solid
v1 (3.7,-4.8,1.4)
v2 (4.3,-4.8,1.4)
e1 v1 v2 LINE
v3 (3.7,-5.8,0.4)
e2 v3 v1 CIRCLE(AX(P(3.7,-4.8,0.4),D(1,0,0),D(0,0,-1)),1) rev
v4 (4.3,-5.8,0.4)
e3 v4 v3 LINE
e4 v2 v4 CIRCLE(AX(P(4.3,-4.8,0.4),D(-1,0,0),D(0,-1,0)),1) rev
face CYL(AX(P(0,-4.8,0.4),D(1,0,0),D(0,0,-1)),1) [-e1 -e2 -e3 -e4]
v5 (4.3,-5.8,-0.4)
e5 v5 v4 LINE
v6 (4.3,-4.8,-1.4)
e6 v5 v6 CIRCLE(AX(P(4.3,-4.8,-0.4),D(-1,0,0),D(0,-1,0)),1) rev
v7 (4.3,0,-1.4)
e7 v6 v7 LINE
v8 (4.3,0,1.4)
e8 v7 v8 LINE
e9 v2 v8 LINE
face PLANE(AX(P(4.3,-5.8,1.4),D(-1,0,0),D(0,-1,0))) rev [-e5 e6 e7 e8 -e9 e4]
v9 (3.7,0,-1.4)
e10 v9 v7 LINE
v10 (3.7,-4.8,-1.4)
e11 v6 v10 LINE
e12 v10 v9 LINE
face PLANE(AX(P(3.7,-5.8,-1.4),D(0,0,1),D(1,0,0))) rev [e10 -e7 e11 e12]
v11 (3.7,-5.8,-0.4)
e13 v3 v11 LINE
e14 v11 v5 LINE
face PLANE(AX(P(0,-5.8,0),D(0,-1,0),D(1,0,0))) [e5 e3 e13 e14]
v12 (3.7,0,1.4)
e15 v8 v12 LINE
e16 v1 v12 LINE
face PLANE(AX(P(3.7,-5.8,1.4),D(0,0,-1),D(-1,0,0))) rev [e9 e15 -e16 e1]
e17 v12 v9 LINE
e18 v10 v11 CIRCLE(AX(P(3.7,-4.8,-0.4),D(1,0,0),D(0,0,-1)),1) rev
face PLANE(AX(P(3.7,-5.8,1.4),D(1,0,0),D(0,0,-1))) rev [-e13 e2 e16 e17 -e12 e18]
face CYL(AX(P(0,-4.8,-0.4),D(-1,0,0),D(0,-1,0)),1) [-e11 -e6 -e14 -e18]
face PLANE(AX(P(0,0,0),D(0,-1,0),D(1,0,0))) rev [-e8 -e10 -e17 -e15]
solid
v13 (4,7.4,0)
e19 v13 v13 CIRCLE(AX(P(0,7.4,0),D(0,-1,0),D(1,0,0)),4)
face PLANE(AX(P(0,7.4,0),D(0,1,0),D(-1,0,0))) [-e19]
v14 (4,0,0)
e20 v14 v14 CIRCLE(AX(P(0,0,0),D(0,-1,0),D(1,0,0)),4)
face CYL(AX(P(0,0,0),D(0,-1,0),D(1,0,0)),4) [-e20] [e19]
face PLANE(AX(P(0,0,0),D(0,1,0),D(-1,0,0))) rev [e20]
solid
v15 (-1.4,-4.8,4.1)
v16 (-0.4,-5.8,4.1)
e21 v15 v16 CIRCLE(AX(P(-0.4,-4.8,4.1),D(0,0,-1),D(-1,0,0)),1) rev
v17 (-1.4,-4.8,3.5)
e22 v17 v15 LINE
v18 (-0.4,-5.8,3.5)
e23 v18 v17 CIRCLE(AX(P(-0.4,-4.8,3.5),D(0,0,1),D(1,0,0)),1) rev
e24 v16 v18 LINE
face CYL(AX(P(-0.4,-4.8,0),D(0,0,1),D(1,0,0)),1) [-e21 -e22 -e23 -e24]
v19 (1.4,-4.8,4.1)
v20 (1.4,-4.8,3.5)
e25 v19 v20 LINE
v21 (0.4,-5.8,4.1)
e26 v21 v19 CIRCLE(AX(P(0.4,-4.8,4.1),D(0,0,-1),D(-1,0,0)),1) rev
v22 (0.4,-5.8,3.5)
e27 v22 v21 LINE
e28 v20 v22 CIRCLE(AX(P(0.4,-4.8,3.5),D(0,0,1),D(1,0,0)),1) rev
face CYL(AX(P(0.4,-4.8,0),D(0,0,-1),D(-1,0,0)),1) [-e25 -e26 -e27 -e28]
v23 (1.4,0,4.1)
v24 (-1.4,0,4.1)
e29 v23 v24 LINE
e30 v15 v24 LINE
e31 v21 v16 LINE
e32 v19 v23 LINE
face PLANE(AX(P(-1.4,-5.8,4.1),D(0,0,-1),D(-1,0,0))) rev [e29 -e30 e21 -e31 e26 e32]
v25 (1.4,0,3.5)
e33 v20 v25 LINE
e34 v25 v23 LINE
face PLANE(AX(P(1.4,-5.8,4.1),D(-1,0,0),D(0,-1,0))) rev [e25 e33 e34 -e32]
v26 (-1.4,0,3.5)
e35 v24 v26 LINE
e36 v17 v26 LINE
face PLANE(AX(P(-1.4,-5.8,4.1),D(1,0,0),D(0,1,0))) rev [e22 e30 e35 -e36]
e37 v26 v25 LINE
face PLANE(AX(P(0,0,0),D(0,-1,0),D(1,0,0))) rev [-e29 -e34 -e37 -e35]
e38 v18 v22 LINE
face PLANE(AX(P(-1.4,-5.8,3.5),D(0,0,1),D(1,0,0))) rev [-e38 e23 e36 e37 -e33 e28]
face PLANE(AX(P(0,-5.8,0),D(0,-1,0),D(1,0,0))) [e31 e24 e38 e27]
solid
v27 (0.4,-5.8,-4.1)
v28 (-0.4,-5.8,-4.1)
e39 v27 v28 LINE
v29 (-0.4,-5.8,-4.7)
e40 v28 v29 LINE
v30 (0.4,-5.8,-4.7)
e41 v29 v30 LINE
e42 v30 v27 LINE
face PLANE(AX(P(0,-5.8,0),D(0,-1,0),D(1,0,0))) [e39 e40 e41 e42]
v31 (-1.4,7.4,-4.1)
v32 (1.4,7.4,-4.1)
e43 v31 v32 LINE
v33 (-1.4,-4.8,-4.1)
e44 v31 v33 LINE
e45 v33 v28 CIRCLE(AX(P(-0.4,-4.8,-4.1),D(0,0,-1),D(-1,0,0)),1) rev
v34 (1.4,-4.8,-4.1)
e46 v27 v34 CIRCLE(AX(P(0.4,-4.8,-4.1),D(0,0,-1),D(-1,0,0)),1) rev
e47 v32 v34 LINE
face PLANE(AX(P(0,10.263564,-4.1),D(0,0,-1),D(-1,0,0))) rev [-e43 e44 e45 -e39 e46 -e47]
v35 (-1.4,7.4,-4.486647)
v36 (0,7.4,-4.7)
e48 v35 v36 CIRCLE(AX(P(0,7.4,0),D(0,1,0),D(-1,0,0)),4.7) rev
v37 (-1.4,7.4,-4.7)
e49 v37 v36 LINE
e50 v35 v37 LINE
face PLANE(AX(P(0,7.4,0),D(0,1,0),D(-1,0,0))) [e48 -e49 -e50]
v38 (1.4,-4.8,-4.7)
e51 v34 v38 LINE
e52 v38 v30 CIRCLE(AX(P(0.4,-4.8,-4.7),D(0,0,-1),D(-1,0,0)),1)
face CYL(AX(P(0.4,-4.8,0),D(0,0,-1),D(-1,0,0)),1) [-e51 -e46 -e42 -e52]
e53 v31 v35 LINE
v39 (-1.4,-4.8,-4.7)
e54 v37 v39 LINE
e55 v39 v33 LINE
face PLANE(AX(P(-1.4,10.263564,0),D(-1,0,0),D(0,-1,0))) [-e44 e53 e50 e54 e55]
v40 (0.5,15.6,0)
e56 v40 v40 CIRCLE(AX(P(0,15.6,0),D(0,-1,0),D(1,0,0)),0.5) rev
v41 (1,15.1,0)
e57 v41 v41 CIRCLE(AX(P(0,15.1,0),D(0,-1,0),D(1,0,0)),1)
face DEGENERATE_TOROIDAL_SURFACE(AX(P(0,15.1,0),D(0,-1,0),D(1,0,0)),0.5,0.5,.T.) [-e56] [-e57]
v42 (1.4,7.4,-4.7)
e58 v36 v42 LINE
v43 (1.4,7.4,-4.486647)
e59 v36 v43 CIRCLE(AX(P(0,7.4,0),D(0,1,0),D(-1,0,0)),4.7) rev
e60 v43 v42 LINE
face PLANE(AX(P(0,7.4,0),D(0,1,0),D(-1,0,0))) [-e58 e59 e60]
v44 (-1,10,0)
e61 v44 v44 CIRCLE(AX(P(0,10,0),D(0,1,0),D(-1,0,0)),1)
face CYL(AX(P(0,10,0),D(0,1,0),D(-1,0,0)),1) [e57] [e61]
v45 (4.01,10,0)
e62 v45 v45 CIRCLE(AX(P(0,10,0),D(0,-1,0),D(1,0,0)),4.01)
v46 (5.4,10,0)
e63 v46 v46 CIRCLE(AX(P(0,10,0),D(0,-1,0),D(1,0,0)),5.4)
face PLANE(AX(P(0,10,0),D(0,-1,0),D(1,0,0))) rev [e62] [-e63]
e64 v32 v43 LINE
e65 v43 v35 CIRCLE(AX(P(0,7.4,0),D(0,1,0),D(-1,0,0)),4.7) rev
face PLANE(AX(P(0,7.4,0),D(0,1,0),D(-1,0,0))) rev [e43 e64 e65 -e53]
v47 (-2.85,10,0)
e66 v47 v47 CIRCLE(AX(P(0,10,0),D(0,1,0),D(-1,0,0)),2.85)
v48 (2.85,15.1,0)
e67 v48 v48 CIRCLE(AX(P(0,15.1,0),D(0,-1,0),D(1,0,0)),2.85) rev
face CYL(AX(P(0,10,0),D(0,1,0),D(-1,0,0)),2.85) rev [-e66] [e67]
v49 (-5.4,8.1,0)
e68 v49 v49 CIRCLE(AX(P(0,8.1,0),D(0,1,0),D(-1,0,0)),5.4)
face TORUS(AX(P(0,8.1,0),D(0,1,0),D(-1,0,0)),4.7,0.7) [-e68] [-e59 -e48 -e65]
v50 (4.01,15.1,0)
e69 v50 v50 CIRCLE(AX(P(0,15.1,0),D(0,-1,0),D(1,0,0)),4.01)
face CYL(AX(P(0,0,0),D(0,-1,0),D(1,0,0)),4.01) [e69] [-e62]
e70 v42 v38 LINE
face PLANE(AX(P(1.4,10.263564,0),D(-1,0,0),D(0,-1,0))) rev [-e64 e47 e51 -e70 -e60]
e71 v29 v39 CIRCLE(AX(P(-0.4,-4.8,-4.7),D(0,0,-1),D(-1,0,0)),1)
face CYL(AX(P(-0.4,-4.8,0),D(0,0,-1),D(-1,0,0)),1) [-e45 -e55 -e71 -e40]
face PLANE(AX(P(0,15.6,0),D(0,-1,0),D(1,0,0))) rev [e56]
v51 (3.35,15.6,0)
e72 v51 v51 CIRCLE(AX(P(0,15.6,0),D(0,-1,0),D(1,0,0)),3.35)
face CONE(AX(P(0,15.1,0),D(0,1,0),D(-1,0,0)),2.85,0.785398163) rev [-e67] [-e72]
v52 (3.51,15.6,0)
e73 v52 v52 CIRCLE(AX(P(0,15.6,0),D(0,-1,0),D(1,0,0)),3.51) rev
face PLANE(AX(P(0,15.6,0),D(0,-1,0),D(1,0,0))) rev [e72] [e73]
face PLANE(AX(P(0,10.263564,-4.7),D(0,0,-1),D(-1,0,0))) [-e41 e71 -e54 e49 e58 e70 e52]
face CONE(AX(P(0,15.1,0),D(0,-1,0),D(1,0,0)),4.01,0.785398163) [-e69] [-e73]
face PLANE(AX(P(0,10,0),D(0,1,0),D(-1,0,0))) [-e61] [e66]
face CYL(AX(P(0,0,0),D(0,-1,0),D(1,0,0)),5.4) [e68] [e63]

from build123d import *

# Parameters (mm, degrees)
FILLET1_R             = 0.7
SKETCH1_3_W           = 4
SKETCH1_3_H           = 7.4
SKETCH2_R             = 2.85
SKETCH2_R_2           = 1
CUT_EXTRUDE1_DEPTH    = 5.6
FILLET2_R             = 0.5
CHAMFER1_SIZE         = 0.5
SKETCH15_W            = 2.8
SKETCH15_H            = 0.6
BOSS_EXTRUDE1_DEPTH   = 5.8
BOSS_EXTRUDE1_2_DEPTH = 5.8
SKETCH15_W_2          = 0.6
SKETCH15_H_2          = 2.8
BOSS_EXTRUDE1_3_DEPTH = 5.8
SKETCH15_2_W          = 2.8
SKETCH15_2_H          = 0.6
BOSS_EXTRUDE2_DEPTH   = 7.4
FILLET3_R             = 1
FILLET4_R             = 1
FILLET5_R             = 1


with BuildPart() as part:
    # Sketch1 → Revolve1 (revolve)
    with BuildSketch(Plane.XY):
        Polygon((-4, 7.4), (0, 7.4), (0, 15.6), (-4.01, 15.6), (-4.01, 10), (-5.4, 10), (-5.4, 7.4), align=None)
    revolve(axis=Axis((0, 0, 0), (0, 1, 0)))

    # Fillet1
    fillet1_edges = [part.edges().sort_by_distance(p)[0] for p in [
        (5.4, 7.4, 0),
    ]]
    fillet(fillet1_edges, radius=FILLET1_R)

    # Sketch2 → Cut-Extrude1 (cut)
    with BuildSketch(Plane(origin=(0, 15.6, 0), x_dir=(1, 0, 0), z_dir=(0, 1, 0))):
        Circle(SKETCH2_R)
        Circle(SKETCH2_R_2, mode=Mode.SUBTRACT)
    extrude(amount=-CUT_EXTRUDE1_DEPTH, mode=Mode.SUBTRACT)

    # Fillet2
    fillet2_edges = [part.edges().sort_by_distance(p)[0] for p in [
        (-1, 15.6, 0),
    ]]
    fillet(fillet2_edges, radius=FILLET2_R)

    # Chamfer1
    chamfer1_edges = [part.edges().sort_by_distance(p)[0] for p in [
        (-2.85, 15.6, 0),
        (4.01, 15.6, 0),
    ]]
    chamfer(chamfer1_edges, length=CHAMFER1_SIZE)



with BuildPart() as body_2:
    # Sketch1<3> → Revolve2 (revolve)
    with BuildSketch(Plane.XY):
        with Locations((-2, 3.7)):
            Rectangle(SKETCH1_3_W, SKETCH1_3_H)
    revolve(axis=Axis((0, 0, 0), (0, 1, 0)))


with BuildPart() as body_3:
    # Sketch15 → Boss-Extrude1 (new body)
    with BuildSketch(Plane.XZ):
        with Locations((0, 3.8)):
            Rectangle(SKETCH15_W, SKETCH15_H)
    extrude(amount=BOSS_EXTRUDE1_DEPTH)

    # Fillet3
    fillet3_edges = [body_3.edges().sort_by_distance(p)[0] for p in [
        (-1.4, -5.8, 3.8),
        (1.4, -5.8, 3.8),
    ]]
    fillet(fillet3_edges, radius=FILLET3_R)


with BuildPart() as body_4:
    # Sketch15 → Boss-Extrude1 2 (new body)
    with BuildSketch(Plane.XZ):
        with Locations((0, -4.4)):
            Rectangle(SKETCH15_W, SKETCH15_H)
    extrude(amount=BOSS_EXTRUDE1_2_DEPTH)


with BuildPart() as body_5:
    # Sketch15 → Boss-Extrude1 3 (new body)
    with BuildSketch(Plane.XZ):
        with Locations((4, 0)):
            Rectangle(SKETCH15_W_2, SKETCH15_H_2)
    extrude(amount=BOSS_EXTRUDE1_3_DEPTH)

    # Fillet5
    fillet5_edges = [body_5.edges().sort_by_distance(p)[0] for p in [
        (4, -5.8, -1.4),
        (4, -5.8, 1.4),
    ]]
    fillet(fillet5_edges, radius=FILLET5_R)


with BuildPart() as part_1:
    add(part.part)

    add(body_4.part)  # Boss-Extrude2 merges body 4
    # Sketch15<2> → Boss-Extrude2 (add)
    with BuildSketch(Plane.XZ):
        with Locations((0, -4.4)):
            Rectangle(SKETCH15_2_W, SKETCH15_2_H)
    extrude(amount=-BOSS_EXTRUDE2_DEPTH)

    # Fillet4
    fillet4_edges = [part_1.edges().sort_by_distance(p)[0] for p in [
        (1.4, -5.8, -4.4),
        (-1.4, -5.8, -4.4),
    ]]
    fillet(fillet4_edges, radius=FILLET4_R)


solid = Compound([body_2.part, body_3.part, body_5.part, part_1.part])
